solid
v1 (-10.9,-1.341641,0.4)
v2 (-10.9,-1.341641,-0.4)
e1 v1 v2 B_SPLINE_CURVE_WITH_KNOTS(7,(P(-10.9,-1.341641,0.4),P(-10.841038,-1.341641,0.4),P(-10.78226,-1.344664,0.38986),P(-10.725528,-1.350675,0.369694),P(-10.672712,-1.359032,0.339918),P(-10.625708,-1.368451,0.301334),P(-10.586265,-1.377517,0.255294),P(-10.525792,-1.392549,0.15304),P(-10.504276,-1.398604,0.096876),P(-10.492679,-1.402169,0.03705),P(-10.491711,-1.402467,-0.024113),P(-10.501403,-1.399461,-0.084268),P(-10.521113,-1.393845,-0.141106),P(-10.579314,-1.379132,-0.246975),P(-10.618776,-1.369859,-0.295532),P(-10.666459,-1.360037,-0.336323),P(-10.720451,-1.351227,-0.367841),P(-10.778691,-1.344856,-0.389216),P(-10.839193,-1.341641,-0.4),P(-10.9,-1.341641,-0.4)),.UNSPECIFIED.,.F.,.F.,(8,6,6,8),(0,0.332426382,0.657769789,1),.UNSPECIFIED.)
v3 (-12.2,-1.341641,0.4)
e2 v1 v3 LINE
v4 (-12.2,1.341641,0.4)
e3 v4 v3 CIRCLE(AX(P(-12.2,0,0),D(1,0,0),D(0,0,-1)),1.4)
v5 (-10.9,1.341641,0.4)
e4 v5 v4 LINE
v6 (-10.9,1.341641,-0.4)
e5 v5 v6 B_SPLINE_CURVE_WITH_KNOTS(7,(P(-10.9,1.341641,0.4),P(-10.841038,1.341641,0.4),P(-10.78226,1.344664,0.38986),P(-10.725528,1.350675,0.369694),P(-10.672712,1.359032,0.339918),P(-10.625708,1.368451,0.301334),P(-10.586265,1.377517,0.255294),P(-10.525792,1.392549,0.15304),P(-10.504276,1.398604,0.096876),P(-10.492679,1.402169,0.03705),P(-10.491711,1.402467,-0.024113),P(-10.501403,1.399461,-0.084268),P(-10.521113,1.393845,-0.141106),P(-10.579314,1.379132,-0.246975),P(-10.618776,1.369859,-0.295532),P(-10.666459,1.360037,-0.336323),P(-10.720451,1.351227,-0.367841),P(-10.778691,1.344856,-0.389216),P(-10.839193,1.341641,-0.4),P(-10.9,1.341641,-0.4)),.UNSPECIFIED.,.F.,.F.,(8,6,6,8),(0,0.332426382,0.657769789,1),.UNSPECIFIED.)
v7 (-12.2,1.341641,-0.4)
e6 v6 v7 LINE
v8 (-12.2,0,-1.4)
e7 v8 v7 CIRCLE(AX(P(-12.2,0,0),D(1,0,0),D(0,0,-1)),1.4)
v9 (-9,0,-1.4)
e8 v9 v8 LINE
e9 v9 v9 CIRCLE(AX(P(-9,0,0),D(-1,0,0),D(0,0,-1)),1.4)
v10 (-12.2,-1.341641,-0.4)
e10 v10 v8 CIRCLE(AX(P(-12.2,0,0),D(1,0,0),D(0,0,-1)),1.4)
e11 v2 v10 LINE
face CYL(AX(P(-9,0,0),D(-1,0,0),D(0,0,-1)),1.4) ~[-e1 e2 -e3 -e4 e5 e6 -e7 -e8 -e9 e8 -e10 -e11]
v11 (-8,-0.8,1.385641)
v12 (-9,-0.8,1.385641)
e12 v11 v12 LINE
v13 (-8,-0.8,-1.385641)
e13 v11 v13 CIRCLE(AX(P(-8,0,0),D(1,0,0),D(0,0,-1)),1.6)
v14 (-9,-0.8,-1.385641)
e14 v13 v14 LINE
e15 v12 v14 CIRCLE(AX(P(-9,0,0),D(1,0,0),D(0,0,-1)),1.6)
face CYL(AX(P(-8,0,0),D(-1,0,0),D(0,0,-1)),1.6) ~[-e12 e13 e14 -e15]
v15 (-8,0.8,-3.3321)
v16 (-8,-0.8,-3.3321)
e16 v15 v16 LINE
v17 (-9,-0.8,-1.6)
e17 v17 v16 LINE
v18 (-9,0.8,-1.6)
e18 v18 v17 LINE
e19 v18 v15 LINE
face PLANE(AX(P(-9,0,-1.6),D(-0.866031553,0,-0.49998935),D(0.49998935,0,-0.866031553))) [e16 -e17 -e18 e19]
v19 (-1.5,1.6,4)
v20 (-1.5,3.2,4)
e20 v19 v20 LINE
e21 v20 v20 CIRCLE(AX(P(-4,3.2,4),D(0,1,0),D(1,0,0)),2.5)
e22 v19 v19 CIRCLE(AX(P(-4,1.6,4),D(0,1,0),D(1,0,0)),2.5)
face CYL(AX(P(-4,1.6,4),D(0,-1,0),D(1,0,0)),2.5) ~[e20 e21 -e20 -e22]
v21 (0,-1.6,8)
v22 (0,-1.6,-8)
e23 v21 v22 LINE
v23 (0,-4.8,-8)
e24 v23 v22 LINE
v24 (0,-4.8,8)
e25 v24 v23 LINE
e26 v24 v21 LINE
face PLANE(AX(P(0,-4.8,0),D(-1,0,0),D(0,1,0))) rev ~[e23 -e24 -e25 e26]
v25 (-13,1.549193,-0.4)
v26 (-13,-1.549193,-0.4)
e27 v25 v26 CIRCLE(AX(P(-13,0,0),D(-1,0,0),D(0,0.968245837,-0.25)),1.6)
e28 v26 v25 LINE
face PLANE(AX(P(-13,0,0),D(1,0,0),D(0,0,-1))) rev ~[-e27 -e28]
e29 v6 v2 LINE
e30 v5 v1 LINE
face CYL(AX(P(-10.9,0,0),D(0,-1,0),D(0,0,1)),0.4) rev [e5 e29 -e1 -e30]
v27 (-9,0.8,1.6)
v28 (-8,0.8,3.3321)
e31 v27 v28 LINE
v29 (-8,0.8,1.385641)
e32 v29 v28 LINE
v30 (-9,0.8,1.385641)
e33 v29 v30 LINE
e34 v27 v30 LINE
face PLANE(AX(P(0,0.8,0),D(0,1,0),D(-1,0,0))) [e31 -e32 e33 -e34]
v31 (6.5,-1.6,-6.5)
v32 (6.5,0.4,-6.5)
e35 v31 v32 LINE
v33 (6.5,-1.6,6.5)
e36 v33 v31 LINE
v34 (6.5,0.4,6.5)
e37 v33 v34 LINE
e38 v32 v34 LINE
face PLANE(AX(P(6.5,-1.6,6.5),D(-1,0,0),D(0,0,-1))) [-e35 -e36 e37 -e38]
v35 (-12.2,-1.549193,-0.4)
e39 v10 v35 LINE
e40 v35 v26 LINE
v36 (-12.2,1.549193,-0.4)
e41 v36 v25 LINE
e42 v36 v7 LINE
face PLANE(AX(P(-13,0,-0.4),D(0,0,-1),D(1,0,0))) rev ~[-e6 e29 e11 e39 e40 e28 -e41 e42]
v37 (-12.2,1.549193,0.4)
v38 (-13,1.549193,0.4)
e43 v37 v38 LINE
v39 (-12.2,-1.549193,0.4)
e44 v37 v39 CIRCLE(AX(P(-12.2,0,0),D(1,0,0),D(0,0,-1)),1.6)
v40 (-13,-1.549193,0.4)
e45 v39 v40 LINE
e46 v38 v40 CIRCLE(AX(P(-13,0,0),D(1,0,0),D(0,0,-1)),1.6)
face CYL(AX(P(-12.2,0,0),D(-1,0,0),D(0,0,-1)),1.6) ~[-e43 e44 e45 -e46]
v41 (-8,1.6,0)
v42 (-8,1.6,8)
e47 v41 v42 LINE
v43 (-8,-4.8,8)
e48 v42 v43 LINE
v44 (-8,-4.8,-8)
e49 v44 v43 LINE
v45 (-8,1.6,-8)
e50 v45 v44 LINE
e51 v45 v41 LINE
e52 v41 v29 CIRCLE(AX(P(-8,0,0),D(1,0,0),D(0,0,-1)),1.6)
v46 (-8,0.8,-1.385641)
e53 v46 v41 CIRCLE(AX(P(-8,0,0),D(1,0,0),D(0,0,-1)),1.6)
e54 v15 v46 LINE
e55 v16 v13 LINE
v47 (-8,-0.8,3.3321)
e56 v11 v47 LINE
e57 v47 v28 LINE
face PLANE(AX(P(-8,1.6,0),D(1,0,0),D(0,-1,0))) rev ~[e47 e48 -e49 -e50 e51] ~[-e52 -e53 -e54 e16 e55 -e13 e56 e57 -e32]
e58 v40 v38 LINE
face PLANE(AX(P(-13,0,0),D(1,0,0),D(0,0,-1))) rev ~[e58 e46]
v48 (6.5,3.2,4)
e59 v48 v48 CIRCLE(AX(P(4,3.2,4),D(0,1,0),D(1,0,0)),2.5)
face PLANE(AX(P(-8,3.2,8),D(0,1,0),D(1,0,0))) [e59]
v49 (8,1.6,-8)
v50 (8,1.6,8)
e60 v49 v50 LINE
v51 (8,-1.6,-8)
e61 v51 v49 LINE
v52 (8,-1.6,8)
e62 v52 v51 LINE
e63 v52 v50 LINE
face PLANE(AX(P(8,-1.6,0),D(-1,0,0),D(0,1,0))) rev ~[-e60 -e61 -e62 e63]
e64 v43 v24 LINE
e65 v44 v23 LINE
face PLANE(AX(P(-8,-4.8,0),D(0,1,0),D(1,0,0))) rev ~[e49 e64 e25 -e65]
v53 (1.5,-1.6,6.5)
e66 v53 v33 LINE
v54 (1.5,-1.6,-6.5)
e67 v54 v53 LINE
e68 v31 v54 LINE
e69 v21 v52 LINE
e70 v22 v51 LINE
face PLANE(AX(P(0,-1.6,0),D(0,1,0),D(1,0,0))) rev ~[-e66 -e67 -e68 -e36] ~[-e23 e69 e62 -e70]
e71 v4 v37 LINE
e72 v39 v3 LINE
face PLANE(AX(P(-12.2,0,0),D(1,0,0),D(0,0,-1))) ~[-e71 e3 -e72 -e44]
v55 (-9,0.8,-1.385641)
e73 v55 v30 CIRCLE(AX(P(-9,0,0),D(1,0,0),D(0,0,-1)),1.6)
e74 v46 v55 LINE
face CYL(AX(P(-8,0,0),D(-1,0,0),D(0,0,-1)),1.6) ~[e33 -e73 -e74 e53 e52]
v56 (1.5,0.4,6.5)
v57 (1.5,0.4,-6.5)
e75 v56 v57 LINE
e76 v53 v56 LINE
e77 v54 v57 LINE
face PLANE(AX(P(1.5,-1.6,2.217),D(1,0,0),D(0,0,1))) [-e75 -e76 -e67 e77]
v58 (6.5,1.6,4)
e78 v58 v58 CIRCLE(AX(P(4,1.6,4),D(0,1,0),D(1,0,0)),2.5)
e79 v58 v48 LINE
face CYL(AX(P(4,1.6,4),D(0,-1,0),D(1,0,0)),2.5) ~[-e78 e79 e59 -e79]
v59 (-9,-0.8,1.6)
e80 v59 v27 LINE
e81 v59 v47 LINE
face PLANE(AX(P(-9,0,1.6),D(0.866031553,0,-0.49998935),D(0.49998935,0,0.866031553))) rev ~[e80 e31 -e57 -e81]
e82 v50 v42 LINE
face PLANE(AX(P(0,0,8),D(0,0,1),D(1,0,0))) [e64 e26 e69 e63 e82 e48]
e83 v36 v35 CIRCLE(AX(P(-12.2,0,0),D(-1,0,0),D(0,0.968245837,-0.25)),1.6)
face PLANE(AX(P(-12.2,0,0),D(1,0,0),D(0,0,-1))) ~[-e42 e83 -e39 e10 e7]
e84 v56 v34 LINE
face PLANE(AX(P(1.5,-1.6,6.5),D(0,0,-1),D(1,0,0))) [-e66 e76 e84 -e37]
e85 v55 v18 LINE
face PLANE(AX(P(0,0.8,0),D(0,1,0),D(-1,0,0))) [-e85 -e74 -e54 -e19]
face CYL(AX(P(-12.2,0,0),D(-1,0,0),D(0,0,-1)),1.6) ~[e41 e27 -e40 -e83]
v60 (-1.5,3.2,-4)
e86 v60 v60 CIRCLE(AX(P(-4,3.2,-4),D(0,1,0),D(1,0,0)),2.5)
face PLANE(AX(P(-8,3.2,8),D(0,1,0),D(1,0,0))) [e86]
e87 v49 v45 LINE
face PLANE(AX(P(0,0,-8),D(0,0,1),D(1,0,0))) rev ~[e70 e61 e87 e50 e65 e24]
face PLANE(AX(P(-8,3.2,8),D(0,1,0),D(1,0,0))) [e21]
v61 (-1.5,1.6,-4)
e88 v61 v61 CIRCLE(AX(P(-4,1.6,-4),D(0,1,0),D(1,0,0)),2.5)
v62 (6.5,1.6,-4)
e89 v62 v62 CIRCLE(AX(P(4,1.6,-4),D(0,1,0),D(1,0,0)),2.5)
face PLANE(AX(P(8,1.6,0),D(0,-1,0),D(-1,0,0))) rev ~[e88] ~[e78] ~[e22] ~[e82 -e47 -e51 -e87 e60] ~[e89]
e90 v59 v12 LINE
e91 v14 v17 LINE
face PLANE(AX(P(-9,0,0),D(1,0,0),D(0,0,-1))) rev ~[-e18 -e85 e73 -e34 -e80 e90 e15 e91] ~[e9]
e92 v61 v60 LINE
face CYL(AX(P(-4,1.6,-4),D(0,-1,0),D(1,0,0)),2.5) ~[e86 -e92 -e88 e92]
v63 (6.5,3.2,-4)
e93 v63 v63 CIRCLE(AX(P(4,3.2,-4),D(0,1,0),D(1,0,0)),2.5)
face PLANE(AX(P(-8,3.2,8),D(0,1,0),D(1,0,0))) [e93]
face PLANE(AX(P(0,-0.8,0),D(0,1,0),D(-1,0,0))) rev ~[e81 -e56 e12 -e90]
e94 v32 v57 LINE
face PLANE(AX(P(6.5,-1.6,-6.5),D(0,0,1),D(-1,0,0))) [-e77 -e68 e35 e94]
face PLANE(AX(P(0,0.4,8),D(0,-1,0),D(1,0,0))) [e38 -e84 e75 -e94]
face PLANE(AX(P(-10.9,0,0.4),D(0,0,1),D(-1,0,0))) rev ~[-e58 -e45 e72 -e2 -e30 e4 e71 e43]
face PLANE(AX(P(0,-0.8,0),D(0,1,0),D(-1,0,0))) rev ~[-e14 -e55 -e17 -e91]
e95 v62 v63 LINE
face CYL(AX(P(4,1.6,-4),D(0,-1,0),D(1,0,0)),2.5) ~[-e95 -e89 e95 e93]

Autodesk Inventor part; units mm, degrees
ref_plane "YZ Plane" through (0, 0, 0) normal (1, 0, 0) x (0, 1, 0)
ref_plane "XZ Plane" through (0, 0, 0) normal (0, 1, 0) x (-1, 0, 0)
ref_plane "XY Plane" through (0, 0, 0) normal (0, 0, 1) x (1, 0, 0)
sketch "Sketch1" plane through (0, 0, 0) normal (0, 0, 1) x (1, 0, 0)
  line L0 (8, 1.6) -> (-8, 1.6)
  line L1 (-8, 1.6) -> (-8, -4.8)
  line L2 (-8, -4.8) -> (0, -4.8)
  line L3 (8, -1.6) -> (8, 1.6)
  line L4 (0, -4.8) -> (0, -1.6)
  line L5 (0, -1.6) -> (8, -1.6)
  line L6 (-11.2, 0) -> (11.2, 0) construction
  line L7 (0, -6.08) -> (0, 2.88) construction
  point P0 (0, 1.6)
  point P1 (8, 0)
  dimension "d0" = 16
  dimension "d1" = 3.2
  dimension "d2" = 6.4
extrude "Extrusion1" add sketch "Sketch1" along normal mid plane 16
sketch "Sketch2" plane through (-8, 1.6, 8) normal (0, 1, 0) x (1, 0, 0)
  line L0 (4, 12) -> (12, 12) construction
  line L1 (12, 12) -> (12, 4) construction
  line L2 (12, 4) -> (4, 4) construction
  line L3 (4, 4) -> (4, 12) construction
  line L4 (-3.2, 8) -> (19.2, 8) construction
  line L5 (8, 19.2) -> (8, -3.2) construction
  circle A0 centre (4, 12) radius 2.5
  circle A1 centre (12, 12) radius 2.5
  circle A2 centre (12, 4) radius 2.5
  circle A3 centre (4, 4) radius 2.5
  point P0 (8, 12)
  point P1 (12, 8)
  dimension "d5" = 8
  dimension "d6" = 5
extrude "Extrusion2" add sketch "Sketch2" along normal blind 1.6
sketch "Sketch4" plane through (0, 0, 0) normal (0, 1, 0) x (-1, 0, 0)
  line L0 (8, -8) -> (8, 8) construction
  line L1 (14, 0) -> (7, 0) construction
  line L2 (8, 0) -> (8, -1.6)
  line L3 (8, -1.6) -> (9, -1.6)
  line L4 (9, -1.6) -> (9, -1.4)
  line L5 (9, -1.4) -> (12.2, -1.4)
  line L6 (12.2, -1.4) -> (12.2, -1.6)
  line L7 (12.2, -1.6) -> (13, -1.6)
  line L8 (13, -1.6) -> (13, 0)
  line L9 (13, 0) -> (8, 0)
  dimension "d9" = 2.8
  dimension "d11" = 3.2
  dimension "d12" = 5
  dimension "d13" = 3.2
  dimension "d14" = 0.8
revolve "Revolution1" add sketch "Sketch4" angle 360 about axis through (-13, 0, 0) along (1, 0, 0)
sketch "Sketch5" plane through (0, 0, 0) normal (0, 1, 0) x (-1, 0, 0)
  line L0 (9, 1.6) -> (9, -1.6) projected
  line L1 (8, -8) -> (8, 8) projected
  line L2 (9, -1.6) -> (8, -3.3321)
  line L3 (9, 1.6) -> (8, 3.3321)
  dimension "d16" = 30
extrude "Extrusion3" add sketch "Sketch5" along normal mid plane 1.6
sketch "Sketch6" plane through (0, 0, 0) normal (0, 1, 0) x (-1, 0, 0)
  line L0 (13, 1.6) -> (13, -1.6) construction
  line L1 (13, -0.4) -> (10.9, -0.4)
  arc A0 (10.9, 0.4) -> (10.9, -0.4) centre (10.9, 0) ccw
  line L2 (10.9, 0.4) -> (13, 0.4)
  line L3 (13, 0.4) -> (13, -0.4)
  point P0 (13, 0)
  dimension "d19" = 0.8
  dimension "d20" = 2.5
extrude "Extrusion4" cut sketch "Sketch6" along normal through all both and the other way through all
sketch "Sketch7" plane through (0, -1.6, 8) normal (0, -1, 0) x (1, 0, 0)
  circle A0 centre (4, -4) radius 2.5 construction
  circle A1 centre (4, -12) radius 2.5 construction
  line L0 (1.5, -1.5) -> (6.5, -1.5)
  line L1 (6.5, -1.5) -> (6.5, -14.5)
  line L2 (6.5, -14.5) -> (1.5, -14.5)
  line L3 (1.5, -14.5) -> (1.5, -1.5)
  arc A2 (6.5, -5.783) -> (6.5, -10.217) centre (6.5, -8) ccw
  arc A3 (1.5, -10.217) -> (1.5, -5.783) centre (1.5, -8) ccw
extrude "Extrusion5" cut sketch "Sketch7" against normal blind 2
properties part number "LEGO Brick 4488" material "Steel"
